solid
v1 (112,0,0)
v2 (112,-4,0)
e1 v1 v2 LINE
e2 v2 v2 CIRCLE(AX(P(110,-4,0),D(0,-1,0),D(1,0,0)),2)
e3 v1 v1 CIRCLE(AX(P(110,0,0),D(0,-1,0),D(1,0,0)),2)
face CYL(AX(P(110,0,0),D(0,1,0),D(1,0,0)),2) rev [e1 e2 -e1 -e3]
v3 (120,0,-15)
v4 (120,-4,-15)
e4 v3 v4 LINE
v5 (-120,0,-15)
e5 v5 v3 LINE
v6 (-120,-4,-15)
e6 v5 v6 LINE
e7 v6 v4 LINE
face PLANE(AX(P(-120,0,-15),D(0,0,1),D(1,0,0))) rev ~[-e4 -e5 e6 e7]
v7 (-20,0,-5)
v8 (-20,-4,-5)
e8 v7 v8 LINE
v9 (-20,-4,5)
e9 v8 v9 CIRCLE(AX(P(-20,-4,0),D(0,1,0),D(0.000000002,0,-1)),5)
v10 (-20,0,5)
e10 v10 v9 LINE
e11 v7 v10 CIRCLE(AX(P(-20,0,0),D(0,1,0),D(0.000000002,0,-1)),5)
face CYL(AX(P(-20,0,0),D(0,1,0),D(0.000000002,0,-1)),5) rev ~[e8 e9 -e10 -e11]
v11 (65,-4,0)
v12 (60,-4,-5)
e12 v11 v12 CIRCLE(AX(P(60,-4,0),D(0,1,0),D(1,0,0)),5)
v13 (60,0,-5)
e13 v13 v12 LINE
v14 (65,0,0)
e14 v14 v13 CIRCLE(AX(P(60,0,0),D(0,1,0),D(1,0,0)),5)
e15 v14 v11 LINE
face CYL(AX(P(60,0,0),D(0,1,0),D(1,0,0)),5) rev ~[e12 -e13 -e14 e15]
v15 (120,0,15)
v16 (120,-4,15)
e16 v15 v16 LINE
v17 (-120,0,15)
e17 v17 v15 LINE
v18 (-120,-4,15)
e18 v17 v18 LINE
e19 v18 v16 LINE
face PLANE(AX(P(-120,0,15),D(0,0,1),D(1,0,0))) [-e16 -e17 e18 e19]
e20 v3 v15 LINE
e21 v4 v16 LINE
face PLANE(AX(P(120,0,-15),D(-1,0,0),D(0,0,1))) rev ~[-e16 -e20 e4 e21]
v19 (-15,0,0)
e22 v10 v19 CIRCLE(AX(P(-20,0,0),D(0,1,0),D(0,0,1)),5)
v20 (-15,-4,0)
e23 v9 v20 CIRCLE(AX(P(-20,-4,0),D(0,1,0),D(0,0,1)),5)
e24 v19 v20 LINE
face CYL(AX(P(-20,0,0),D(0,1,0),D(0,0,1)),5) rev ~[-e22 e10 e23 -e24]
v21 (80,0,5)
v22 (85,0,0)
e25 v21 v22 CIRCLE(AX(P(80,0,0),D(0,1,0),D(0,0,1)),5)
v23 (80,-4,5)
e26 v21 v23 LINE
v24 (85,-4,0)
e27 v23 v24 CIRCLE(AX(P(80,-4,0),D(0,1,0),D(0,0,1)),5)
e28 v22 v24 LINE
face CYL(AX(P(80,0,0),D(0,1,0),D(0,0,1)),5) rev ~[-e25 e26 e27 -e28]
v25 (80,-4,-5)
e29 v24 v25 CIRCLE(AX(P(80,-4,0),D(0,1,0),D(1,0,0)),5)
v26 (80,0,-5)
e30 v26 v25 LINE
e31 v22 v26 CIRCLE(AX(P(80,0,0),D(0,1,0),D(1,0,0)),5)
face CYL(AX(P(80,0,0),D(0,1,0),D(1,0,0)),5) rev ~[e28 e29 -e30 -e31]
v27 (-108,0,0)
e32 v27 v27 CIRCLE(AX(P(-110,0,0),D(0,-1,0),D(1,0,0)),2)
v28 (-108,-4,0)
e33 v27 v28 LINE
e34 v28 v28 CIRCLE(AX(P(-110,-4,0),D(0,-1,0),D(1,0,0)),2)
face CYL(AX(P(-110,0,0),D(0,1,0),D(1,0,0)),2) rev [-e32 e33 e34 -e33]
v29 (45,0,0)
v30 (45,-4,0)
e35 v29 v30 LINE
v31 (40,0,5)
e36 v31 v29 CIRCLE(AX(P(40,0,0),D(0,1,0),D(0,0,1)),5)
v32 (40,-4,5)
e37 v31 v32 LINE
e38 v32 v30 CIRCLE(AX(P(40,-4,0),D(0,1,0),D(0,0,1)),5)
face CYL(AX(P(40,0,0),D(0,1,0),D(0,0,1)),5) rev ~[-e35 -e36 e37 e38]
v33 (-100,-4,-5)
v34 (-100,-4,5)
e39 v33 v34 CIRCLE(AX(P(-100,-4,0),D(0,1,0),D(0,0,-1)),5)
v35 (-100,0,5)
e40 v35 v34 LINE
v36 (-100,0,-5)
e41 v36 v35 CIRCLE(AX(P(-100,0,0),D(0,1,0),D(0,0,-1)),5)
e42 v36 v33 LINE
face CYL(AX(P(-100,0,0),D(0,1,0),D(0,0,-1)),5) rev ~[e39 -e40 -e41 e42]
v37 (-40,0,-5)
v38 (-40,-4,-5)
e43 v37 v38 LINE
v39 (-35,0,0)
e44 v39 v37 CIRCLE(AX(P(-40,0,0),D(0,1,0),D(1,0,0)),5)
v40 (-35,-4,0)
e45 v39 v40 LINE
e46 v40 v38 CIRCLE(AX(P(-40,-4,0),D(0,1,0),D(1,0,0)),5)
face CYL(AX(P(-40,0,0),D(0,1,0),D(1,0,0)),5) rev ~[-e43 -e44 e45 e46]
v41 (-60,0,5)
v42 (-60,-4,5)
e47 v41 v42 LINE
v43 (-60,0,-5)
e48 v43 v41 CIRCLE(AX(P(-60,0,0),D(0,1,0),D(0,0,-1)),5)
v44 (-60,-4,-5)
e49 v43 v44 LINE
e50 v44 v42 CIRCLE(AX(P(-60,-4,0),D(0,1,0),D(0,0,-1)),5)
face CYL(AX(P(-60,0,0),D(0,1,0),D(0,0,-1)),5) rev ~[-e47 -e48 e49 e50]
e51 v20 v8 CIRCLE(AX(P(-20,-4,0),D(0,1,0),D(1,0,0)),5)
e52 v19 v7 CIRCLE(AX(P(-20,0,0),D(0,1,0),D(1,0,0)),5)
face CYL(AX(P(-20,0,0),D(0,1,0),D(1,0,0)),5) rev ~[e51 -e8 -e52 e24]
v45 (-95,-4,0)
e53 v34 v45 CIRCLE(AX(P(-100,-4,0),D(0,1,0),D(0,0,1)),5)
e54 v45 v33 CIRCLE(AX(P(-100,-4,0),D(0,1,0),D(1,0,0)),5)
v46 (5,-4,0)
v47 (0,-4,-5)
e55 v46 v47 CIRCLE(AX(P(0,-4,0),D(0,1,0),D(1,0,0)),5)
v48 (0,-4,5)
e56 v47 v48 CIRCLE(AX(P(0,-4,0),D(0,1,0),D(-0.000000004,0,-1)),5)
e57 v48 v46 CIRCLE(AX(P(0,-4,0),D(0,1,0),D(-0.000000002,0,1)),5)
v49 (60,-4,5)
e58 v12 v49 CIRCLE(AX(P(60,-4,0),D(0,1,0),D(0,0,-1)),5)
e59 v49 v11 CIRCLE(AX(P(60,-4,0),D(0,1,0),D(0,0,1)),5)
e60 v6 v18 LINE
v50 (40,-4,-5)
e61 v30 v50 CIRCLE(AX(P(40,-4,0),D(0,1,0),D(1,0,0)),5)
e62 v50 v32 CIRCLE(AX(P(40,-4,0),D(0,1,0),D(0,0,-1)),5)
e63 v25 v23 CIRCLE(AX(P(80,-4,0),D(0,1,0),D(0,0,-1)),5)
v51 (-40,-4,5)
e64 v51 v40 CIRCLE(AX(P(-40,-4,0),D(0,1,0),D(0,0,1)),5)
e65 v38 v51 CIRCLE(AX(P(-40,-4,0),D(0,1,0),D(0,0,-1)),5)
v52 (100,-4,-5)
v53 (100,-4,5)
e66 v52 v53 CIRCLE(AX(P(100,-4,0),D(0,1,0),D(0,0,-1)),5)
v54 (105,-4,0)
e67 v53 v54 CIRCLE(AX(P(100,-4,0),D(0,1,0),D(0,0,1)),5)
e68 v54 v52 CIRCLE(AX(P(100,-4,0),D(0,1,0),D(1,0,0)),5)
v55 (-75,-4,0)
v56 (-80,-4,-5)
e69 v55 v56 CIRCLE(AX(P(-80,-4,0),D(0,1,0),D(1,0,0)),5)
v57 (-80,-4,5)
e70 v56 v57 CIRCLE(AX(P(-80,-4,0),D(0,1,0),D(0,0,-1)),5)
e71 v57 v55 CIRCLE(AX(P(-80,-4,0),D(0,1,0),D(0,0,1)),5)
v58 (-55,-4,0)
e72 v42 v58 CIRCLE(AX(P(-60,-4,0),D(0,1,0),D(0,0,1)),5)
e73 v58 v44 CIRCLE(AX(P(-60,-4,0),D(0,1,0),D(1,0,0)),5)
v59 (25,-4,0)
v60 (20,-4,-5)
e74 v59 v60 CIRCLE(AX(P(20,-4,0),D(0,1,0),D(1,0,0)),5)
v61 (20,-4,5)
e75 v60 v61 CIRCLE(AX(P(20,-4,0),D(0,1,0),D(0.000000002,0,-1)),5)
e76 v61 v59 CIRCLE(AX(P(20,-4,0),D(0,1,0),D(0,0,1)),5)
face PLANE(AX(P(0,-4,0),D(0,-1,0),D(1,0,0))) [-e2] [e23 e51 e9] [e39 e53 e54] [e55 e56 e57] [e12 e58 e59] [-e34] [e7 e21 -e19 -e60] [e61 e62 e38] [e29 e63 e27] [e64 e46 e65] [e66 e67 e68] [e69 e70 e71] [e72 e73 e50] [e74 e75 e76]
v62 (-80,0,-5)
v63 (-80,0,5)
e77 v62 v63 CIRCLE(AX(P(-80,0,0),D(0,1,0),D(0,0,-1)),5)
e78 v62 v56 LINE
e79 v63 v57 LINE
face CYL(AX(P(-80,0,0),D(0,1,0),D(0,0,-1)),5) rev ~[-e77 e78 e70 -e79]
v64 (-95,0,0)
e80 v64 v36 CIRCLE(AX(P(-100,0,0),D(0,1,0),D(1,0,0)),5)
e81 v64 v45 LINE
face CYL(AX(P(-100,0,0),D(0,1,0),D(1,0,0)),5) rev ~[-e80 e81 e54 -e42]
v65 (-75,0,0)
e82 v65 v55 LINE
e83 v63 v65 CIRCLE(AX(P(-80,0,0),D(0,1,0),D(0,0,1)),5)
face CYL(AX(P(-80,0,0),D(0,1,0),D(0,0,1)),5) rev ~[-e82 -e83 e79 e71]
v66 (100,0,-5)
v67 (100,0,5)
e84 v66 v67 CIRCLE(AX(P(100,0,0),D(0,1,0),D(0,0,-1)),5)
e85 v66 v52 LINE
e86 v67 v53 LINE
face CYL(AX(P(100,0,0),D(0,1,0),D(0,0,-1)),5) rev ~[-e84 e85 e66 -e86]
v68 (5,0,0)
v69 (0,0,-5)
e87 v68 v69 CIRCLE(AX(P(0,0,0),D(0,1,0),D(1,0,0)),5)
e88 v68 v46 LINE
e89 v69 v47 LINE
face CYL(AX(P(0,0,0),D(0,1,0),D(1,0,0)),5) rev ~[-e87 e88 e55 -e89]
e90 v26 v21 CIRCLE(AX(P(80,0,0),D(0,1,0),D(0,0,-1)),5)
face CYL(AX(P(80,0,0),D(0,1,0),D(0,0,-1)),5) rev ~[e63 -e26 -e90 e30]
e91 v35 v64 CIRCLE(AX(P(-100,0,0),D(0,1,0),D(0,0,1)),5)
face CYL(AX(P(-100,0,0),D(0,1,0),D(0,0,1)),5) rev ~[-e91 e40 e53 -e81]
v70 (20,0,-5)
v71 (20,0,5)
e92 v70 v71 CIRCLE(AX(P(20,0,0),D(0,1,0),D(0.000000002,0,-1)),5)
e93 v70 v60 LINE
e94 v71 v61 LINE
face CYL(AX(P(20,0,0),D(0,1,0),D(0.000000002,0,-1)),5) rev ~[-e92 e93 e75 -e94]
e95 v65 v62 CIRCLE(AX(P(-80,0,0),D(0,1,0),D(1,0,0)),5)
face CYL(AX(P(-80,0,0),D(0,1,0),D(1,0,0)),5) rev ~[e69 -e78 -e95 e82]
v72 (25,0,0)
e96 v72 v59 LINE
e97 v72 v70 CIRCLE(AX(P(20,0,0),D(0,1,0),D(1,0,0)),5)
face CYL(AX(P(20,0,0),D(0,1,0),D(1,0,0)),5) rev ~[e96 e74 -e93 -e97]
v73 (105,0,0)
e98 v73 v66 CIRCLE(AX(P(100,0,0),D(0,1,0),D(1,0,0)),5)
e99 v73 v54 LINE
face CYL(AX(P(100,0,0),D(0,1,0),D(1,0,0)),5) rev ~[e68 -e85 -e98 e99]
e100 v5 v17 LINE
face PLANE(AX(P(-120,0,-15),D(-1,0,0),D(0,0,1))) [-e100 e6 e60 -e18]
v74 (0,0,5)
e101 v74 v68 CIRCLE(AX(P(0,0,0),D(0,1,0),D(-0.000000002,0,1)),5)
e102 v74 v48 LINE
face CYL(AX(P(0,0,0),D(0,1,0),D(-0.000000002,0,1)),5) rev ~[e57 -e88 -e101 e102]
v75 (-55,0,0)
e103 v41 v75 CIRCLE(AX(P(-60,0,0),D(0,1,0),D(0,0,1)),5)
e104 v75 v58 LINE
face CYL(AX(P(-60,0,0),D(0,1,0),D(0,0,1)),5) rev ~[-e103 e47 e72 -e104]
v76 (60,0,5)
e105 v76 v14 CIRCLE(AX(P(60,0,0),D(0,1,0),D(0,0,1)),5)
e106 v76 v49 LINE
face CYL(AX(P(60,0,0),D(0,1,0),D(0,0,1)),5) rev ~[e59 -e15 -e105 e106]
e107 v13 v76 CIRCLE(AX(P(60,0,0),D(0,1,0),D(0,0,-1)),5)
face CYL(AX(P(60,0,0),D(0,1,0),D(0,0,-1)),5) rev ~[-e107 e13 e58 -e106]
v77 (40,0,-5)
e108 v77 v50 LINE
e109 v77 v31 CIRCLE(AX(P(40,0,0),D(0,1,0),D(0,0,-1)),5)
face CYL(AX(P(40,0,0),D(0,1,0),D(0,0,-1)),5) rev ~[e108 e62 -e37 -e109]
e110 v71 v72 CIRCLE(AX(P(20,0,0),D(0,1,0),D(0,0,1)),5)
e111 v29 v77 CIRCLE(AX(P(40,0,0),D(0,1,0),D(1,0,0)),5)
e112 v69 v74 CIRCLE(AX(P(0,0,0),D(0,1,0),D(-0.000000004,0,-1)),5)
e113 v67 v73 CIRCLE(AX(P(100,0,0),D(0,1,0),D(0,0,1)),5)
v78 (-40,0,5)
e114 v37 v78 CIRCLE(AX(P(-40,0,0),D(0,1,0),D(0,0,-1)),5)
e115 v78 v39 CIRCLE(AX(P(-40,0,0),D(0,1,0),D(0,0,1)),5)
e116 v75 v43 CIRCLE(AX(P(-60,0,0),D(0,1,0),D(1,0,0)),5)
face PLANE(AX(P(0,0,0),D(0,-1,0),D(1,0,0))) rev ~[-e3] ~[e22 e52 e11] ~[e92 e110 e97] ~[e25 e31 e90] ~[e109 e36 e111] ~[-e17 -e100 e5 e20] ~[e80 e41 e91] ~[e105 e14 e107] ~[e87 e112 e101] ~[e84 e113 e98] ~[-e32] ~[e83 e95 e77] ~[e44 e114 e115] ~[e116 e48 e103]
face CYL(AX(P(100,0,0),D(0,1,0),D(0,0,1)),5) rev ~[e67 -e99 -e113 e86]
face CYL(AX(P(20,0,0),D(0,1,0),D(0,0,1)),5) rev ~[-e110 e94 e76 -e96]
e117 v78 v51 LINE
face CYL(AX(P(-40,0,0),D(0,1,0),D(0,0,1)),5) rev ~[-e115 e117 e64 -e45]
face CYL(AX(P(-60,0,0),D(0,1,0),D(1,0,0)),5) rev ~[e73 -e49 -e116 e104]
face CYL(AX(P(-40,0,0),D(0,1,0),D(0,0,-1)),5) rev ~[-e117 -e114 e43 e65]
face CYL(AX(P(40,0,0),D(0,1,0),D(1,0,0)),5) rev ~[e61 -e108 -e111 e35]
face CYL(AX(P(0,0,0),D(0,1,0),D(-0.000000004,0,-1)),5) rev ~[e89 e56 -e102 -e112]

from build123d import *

# Parameters (mm, degrees)
F0_W     = 240
F0_H     = 30
F0_R     = 2
F1_DEPTH = 4


with BuildPart() as f1:
    # F0 (on Front) → F1 (new body)
    with BuildSketch(Plane.XZ):
        Rectangle(F0_W, F0_H)
        with Locations((-110, 0)):
            Circle(F0_R, mode=Mode.SUBTRACT)
        with BuildLine():
            ThreePointArc((105, 0), (103.5355339059, -3.5355339059), (100, -5))
            Line((100, -5), (80, -5))
            Line((80, -5), (60, -5))
            Line((60, -5), (40, -5))
            Line((40, -5), (20.0000000117, -5))
            Line((20.0000000117, -5), (-1.87e-08, -5))
            Line((-1.87e-08, -5), (-19.9999999883, -5))
            Line((-19.9999999883, -5), (-40, -5))
            Line((-40, -5), (-60, -5))
            Line((-60, -5), (-80, -5))
            Line((-80, -5), (-100, -5))
            ThreePointArc((-100, -5), (-105, 0), (-100, 5))
            Line((-100, 5), (-80, 5))
            Line((-80, 5), (-60, 5))
            Line((-60, 5), (-40, 5))
            Line((-40, 5), (-20, 5))
            Line((-20, 5), (-1.17e-08, 5))
            Line((-1.17e-08, 5), (20, 5))
            Line((20, 5), (40, 5))
            Line((40, 5), (60, 5))
            Line((60, 5), (80, 5))
            Line((80, 5), (100, 5))
            ThreePointArc((100, 5), (103.5355339059, 3.5355339059), (105, 0))
        make_face(mode=Mode.SUBTRACT)
        with Locations((110, 0)):
            Circle(F0_R, mode=Mode.SUBTRACT)
        with BuildLine():
            Line((-100, -5), (-80, -5))
            ThreePointArc((-80, -5), (-85, 0), (-80, 5))
            Line((-80, 5), (-100, 5))
            ThreePointArc((-100, 5), (-96.4644660941, 3.5355339059), (-95, 0))
            ThreePointArc((-95, 0), (-96.4644660941, -3.5355339059), (-100, -5))
        make_face()
        with BuildLine():
            Line((-80, -5), (-60, -5))
            ThreePointArc((-60, -5), (-65, 0), (-60, 5))
            Line((-60, 5), (-80, 5))
            ThreePointArc((-80, 5), (-76.4644660941, 3.5355339059), (-75, 0))
            ThreePointArc((-75, 0), (-76.4644660941, -3.5355339059), (-80, -5))
        make_face()
        with BuildLine():
            Line((-60, -5), (-40, -5))
            ThreePointArc((-40, -5), (-45, 0), (-40, 5))
            Line((-40, 5), (-60, 5))
            ThreePointArc((-60, 5), (-56.4644660941, 3.5355339059), (-55, 0))
            ThreePointArc((-55, 0), (-56.4644660941, -3.5355339059), (-60, -5))
        make_face()
        with BuildLine():
            Line((-40, -5), (-19.9999999883, -5))
            ThreePointArc((-19.9999999883, -5), (-25, -5.8e-09), (-20, 5))
            Line((-20, 5), (-40, 5))
            ThreePointArc((-40, 5), (-36.4644660941, 3.5355339059), (-35, 0))
            ThreePointArc((-35, 0), (-36.4644660941, -3.5355339059), (-40, -5))
        make_face()
        with BuildLine():
            Line((-19.9999999883, -5), (-1.87e-08, -5))
            ThreePointArc((-1.87e-08, -5), (-5, 3.5e-09), (-1.17e-08, 5))
            Line((-1.17e-08, 5), (-20, 5))
            ThreePointArc((-20, 5), (-16.4644660941, 3.5355339059), (-15, 0))
            ThreePointArc((-15, 0), (-16.4644660899, -3.5355339018), (-19.9999999883, -5))
        make_face()
        with BuildLine():
            Line((-1.87e-08, -5), (20.0000000117, -5))
            ThreePointArc((20.0000000117, -5), (15, -5.8e-09), (20, 5))
            Line((20, 5), (-1.17e-08, 5))
            ThreePointArc((-1.17e-08, 5), (3.5355339018, 3.5355339101), (5, 0))
            ThreePointArc((5, 0), (3.5355338993, -3.5355339125), (-1.87e-08, -5))
        make_face()
        with BuildLine():
            Line((20.0000000117, -5), (40, -5))
            ThreePointArc((40, -5), (35, 0), (40, 5))
            Line((40, 5), (20, 5))
            ThreePointArc((20, 5), (23.5355339059, 3.5355339059), (25, 0))
            ThreePointArc((25, 0), (23.5355339101, -3.5355339018), (20.0000000117, -5))
        make_face()
        with BuildLine():
            Line((40, -5), (60, -5))
            ThreePointArc((60, -5), (55, 0), (60, 5))
            Line((60, 5), (40, 5))
            ThreePointArc((40, 5), (43.5355339059, 3.5355339059), (45, 0))
            ThreePointArc((45, 0), (43.5355339059, -3.5355339059), (40, -5))
        make_face()
        with BuildLine():
            Line((60, -5), (80, -5))
            ThreePointArc((80, -5), (75, 0), (80, 5))
            Line((80, 5), (60, 5))
            ThreePointArc((60, 5), (63.5355339059, 3.5355339059), (65, 0))
            ThreePointArc((65, 0), (63.5355339059, -3.5355339059), (60, -5))
        make_face()
        with BuildLine():
            Line((80, -5), (100, -5))
            ThreePointArc((100, -5), (95, 0), (100, 5))
            Line((100, 5), (80, 5))
            ThreePointArc((80, 5), (83.5355339059, 3.5355339059), (85, 0))
            ThreePointArc((85, 0), (83.5355339059, -3.5355339059), (80, -5))
        make_face()
    extrude(amount=F1_DEPTH)


solid = f1.part
